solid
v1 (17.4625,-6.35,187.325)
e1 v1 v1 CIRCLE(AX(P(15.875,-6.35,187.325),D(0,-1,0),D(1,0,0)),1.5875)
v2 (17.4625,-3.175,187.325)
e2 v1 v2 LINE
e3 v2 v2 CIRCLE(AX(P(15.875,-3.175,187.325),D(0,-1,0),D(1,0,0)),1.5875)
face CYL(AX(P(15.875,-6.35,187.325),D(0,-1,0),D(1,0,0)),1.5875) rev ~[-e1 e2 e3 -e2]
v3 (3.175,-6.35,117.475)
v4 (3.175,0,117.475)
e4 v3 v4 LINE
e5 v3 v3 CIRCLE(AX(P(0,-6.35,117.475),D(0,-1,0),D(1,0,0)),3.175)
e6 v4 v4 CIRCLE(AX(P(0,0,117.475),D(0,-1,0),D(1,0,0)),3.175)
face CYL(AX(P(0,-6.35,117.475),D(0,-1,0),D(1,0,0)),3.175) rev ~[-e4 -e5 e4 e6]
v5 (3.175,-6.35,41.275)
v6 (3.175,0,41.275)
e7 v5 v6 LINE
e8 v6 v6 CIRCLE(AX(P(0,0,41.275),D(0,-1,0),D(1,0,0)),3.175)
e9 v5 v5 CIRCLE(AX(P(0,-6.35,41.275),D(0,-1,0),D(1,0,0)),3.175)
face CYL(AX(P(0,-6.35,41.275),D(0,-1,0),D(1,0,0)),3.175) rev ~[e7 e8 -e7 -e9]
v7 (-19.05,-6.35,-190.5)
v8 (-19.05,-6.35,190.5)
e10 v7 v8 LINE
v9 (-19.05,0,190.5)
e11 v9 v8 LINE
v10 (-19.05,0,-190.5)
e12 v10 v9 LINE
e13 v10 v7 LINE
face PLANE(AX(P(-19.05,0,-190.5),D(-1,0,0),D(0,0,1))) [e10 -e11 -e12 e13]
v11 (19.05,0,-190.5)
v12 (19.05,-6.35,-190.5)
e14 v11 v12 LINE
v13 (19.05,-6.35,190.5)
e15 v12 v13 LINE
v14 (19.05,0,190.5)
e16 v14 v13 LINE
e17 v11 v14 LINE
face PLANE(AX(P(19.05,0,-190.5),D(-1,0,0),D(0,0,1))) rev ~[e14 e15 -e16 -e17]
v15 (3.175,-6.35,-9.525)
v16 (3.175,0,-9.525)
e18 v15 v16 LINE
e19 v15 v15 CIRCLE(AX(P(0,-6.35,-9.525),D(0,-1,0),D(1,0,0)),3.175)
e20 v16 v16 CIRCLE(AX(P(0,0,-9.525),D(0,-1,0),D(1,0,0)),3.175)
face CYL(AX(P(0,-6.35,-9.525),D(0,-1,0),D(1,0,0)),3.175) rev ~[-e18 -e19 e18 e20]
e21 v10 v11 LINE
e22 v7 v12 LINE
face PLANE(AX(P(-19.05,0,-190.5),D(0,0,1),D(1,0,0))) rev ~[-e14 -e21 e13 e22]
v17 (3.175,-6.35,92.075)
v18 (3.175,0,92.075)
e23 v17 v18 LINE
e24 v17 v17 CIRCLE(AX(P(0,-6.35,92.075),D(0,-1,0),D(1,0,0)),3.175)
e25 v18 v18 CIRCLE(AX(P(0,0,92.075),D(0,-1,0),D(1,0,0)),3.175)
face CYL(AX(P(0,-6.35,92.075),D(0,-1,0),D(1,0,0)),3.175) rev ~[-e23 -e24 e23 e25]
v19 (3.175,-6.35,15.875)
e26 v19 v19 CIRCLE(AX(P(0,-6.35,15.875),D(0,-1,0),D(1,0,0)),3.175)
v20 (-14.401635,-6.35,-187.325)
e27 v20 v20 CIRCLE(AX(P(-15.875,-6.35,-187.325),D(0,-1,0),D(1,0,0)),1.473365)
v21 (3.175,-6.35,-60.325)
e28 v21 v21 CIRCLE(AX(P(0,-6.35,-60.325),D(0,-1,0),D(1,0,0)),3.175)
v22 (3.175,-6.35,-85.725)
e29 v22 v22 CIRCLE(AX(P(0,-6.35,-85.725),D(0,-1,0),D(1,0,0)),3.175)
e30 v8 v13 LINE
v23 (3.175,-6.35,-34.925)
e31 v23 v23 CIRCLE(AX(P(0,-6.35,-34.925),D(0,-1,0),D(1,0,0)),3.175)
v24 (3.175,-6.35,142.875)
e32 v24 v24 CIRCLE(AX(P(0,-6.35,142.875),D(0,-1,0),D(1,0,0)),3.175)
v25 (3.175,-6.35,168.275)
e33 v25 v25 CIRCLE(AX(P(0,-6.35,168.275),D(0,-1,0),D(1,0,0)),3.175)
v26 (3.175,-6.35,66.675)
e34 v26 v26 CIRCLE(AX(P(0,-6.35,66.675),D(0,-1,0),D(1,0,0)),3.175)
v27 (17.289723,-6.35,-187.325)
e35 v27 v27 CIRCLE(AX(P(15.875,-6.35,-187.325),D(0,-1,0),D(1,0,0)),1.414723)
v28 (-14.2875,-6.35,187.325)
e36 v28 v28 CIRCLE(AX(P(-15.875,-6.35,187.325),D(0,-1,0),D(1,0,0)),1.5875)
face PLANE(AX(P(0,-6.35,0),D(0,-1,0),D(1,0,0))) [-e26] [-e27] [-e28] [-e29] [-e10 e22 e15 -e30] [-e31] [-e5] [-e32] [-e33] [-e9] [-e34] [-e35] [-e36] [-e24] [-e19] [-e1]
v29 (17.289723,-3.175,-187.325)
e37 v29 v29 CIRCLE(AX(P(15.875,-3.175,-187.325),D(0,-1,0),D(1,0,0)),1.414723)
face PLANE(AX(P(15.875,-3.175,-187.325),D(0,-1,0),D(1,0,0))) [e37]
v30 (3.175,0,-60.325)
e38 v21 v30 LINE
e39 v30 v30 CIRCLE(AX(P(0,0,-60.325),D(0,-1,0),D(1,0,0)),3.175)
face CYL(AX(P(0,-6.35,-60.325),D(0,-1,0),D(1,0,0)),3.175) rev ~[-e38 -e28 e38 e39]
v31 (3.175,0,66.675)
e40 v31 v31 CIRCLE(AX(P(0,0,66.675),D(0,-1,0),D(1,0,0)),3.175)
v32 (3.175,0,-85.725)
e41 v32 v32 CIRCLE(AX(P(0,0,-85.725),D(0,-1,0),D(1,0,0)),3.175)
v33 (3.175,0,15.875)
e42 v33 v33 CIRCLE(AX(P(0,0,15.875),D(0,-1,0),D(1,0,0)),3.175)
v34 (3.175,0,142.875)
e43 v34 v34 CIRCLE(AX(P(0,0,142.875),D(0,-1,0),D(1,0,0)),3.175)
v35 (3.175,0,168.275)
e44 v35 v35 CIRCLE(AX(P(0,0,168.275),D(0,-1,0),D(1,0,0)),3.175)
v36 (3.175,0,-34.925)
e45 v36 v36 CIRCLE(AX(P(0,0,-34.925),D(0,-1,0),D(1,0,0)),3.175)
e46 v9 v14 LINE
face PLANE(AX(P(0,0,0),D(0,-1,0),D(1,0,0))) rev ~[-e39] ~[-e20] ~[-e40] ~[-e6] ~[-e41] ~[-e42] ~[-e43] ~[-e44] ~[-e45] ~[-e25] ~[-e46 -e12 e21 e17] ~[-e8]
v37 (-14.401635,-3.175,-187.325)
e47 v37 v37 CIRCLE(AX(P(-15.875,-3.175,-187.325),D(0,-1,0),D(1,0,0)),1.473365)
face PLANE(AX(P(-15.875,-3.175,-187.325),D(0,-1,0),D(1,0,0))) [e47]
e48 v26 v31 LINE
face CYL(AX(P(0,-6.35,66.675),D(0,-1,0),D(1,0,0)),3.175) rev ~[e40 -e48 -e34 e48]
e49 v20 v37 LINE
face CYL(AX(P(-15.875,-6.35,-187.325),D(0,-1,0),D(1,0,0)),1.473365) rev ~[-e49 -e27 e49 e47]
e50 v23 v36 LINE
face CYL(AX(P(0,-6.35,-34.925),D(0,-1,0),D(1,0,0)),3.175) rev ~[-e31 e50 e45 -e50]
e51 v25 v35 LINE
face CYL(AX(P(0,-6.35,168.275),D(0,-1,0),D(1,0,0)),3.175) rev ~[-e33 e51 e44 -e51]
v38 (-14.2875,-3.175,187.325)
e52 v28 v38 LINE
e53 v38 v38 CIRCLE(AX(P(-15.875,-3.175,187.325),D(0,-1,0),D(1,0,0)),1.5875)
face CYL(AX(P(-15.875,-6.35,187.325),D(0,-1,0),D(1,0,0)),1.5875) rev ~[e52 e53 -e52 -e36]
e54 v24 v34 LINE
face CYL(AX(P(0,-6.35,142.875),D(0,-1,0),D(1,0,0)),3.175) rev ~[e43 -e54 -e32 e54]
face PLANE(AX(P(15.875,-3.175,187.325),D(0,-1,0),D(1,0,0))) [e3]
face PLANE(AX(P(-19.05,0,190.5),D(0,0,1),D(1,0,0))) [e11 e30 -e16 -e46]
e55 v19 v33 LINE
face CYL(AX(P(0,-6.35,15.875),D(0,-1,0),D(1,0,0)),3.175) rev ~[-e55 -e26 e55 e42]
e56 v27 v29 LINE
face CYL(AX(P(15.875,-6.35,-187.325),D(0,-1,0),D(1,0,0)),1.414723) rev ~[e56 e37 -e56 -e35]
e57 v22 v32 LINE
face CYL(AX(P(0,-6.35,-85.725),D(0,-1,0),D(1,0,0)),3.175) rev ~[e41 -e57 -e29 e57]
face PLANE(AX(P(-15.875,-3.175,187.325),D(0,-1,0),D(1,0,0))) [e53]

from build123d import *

# Parameters (mm, degrees)
F0_W     = 38.1
F0_H     = 381
F1_DEPTH = 6.35
F2_R     = 3.175
F3_DEPTH = 6.351
F4_R     = 1.5875
F5_DEPTH = 3.175
F6_R     = 1.473365
F6_R_2   = 1.414723
F7_DEPTH = 3.175


with BuildPart() as f1:
    # F0 (on Front) → F1 (new body)
    with BuildSketch(Plane.XZ):
        Rectangle(F0_W, F0_H)
    extrude(amount=F1_DEPTH)

    # F2 (on face) → F3 (cut, through all)
    with BuildSketch(Plane.XZ.offset(6.35)):
        with Locations((0, -85.725)):
            Circle(F2_R)
        with Locations((0, -60.325)):
            Circle(F2_R)
        with Locations((0, -34.925)):
            Circle(F2_R)
        with Locations((0, -9.525)):
            Circle(F2_R)
        with Locations((0, 15.875)):
            Circle(F2_R)
        with Locations((0, 41.275)):
            Circle(F2_R)
        with Locations((0, 66.675)):
            Circle(F2_R)
        with Locations((0, 92.075)):
            Circle(F2_R)
        with Locations((0, 117.475)):
            Circle(F2_R)
        with Locations((0, 142.875)):
            Circle(F2_R)
        with Locations((0, 168.275)):
            Circle(F2_R)
    extrude(amount=-F3_DEPTH, mode=Mode.SUBTRACT)

    # F4 (on face) → F5 (cut)
    with BuildSketch(Plane.XZ.offset(6.35)):
        with Locations((-15.875, 187.325)):
            Circle(F4_R)
        with Locations((15.875, 187.325)):
            Circle(F4_R)
    extrude(amount=-F5_DEPTH, mode=Mode.SUBTRACT)

    # F6 (on face) → F7 (cut)
    with BuildSketch(Plane.XZ.offset(6.35)):
        with Locations((-15.875, -187.325)):
            Circle(F6_R)
        with Locations((15.875, -187.325)):
            Circle(F6_R_2)
    extrude(amount=-F7_DEPTH, mode=Mode.SUBTRACT)


solid = f1.part
